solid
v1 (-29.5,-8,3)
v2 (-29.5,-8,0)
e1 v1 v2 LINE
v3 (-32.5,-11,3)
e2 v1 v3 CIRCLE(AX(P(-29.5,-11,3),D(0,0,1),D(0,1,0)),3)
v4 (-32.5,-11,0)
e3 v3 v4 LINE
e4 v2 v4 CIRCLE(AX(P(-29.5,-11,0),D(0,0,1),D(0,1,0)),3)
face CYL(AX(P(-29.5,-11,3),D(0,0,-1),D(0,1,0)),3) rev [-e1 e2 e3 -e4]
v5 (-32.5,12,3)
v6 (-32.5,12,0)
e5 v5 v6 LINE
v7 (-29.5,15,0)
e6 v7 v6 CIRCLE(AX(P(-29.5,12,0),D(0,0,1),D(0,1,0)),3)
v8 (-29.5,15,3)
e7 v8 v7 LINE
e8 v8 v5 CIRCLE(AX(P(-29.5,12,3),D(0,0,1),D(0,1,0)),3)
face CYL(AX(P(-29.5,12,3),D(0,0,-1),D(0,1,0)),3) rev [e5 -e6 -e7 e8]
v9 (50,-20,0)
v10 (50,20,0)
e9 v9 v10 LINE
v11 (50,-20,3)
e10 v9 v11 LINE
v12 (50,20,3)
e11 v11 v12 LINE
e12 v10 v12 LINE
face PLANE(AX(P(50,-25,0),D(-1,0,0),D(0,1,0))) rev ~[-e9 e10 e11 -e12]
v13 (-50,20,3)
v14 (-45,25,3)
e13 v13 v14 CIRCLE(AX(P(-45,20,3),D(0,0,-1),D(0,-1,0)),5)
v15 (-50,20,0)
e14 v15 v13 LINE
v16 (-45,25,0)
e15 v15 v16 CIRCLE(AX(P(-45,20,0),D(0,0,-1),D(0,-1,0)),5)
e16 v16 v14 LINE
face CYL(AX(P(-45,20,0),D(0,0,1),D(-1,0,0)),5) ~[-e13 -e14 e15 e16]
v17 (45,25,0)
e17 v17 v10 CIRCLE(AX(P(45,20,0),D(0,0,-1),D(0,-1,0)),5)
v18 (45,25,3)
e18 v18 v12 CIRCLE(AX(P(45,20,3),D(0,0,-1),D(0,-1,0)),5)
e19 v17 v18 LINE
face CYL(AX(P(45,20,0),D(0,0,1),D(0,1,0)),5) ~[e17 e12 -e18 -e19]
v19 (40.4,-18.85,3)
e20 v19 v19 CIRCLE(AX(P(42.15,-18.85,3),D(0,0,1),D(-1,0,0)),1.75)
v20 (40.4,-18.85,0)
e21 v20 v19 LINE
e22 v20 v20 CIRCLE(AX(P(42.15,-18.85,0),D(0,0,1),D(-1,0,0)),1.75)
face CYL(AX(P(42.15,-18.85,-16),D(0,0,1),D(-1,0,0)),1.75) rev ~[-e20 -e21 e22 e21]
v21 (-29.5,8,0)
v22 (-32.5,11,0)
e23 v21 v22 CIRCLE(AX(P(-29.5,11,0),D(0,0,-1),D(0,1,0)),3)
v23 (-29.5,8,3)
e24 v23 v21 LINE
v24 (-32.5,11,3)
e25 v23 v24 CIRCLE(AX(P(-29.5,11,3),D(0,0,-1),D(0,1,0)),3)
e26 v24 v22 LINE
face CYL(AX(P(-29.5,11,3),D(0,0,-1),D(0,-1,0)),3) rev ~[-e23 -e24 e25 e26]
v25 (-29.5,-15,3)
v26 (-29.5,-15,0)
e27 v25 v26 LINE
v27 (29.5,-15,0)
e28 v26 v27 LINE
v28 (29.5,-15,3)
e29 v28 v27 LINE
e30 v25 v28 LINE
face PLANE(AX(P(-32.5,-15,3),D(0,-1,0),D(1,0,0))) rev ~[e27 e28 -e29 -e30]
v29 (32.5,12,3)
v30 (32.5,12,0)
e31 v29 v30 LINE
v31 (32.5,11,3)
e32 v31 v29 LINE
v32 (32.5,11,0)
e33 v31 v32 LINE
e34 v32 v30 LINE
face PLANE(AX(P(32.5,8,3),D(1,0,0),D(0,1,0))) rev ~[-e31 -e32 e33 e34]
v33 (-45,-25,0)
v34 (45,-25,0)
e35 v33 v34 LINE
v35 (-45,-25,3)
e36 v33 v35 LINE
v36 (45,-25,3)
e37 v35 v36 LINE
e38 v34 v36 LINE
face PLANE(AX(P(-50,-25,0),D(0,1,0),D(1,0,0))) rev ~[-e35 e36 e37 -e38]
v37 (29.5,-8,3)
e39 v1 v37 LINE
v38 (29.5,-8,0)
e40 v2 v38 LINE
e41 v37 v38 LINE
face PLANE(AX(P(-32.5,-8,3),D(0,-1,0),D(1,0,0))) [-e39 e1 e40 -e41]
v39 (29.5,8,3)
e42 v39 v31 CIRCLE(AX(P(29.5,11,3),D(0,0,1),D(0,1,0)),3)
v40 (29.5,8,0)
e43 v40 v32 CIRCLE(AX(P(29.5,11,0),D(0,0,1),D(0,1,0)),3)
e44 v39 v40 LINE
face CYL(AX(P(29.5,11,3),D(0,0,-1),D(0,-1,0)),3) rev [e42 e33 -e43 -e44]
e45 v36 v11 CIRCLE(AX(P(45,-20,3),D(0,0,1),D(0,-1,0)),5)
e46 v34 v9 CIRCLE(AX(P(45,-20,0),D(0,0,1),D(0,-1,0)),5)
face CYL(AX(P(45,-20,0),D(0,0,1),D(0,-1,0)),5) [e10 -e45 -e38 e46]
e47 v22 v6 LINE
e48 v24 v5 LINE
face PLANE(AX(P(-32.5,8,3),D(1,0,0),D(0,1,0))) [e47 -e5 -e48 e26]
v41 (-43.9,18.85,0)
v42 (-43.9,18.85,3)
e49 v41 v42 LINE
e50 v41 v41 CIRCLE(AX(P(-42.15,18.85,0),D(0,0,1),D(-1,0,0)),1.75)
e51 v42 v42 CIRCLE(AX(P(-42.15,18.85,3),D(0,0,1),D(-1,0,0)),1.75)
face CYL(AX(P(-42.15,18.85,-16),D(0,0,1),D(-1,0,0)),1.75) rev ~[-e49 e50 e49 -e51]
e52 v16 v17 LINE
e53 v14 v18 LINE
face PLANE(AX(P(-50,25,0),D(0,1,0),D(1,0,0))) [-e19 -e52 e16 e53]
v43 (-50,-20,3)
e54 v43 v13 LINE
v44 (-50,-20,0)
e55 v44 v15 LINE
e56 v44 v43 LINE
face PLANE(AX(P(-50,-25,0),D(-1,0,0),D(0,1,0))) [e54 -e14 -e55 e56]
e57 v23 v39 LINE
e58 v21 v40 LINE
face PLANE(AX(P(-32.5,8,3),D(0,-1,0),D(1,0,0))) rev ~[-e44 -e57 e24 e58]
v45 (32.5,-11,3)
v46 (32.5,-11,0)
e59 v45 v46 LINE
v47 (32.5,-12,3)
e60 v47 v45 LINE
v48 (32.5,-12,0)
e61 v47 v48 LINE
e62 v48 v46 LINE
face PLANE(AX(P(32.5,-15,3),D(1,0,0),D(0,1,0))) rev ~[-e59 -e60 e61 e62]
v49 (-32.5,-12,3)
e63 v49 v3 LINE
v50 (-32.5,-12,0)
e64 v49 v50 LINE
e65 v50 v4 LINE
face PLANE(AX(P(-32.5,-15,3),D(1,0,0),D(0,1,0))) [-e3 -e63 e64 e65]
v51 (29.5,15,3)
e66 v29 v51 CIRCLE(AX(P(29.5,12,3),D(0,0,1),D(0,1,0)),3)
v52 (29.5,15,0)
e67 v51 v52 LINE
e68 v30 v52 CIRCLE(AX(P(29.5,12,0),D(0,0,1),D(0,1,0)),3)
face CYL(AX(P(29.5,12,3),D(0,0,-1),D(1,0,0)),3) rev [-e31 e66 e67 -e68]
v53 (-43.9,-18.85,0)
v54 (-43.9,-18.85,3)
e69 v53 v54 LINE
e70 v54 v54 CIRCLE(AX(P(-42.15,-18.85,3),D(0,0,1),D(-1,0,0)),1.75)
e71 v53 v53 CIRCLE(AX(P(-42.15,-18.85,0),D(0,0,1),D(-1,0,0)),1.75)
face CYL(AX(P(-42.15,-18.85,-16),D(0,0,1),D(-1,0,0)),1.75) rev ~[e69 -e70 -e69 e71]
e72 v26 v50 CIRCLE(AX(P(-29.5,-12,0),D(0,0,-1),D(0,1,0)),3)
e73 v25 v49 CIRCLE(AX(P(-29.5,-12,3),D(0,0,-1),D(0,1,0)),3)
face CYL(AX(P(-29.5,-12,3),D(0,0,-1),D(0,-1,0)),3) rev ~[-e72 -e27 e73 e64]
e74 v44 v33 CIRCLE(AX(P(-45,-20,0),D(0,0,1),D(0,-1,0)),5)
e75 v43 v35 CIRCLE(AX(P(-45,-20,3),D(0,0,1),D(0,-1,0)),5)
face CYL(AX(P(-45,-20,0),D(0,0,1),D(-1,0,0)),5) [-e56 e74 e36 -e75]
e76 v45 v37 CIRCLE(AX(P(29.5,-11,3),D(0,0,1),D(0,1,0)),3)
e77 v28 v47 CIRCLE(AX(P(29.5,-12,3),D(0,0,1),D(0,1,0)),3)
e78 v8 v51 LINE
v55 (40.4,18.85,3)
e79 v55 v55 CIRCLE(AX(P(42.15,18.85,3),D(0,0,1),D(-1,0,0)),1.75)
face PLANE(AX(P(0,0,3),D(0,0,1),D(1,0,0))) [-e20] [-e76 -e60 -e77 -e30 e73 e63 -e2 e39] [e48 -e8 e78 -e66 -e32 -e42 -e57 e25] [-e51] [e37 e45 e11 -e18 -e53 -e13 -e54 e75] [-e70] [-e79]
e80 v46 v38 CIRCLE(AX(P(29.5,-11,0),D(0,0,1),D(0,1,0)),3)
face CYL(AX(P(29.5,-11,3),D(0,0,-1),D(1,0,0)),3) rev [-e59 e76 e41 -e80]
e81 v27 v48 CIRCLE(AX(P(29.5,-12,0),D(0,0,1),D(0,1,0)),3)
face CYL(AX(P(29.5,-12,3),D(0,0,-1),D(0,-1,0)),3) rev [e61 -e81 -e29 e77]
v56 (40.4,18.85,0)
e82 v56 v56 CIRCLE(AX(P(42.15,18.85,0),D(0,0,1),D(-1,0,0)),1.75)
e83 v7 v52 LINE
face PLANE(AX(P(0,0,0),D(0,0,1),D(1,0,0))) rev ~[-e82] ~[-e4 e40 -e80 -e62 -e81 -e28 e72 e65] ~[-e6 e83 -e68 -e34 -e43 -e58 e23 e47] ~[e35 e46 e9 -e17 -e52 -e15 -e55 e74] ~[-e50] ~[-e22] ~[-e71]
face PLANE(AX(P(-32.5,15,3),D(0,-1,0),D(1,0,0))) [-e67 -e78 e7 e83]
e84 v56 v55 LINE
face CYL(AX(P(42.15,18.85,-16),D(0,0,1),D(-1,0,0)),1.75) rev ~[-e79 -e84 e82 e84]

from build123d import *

# Parameters (mm, degrees)
F0_W     = 100
F0_H     = 50
F1_DEPTH = 3
F2_D     = 3.5
F2_DEPTH = 16
F3_R     = 5
F4_W     = 65
F4_H     = 7
F5_DEPTH = 25
F6_R     = 3


with BuildPart() as f1:
    # F0 (on Top) → F1 (new body)
    with BuildSketch(Plane.XY):
        Rectangle(F0_W, F0_H)
    extrude(amount=F1_DEPTH)

    # F2
    with Locations(Plane(origin=(0, 0, 0), x_dir=(1, 0, 0), z_dir=(0, 0, -1))):
        with Locations((-42.15, 18.85), (-42.15, -18.85), (42.15, 18.85), (42.15, -18.85)):
            Hole(F2_D / 2, depth=F2_DEPTH)

    # F3
    f3_edges = [f1.edges().sort_by_distance(p)[0] for p in [
        (-50, 25, 1.5),
        (-50, -25, 1.5),
        (50, 25, 1.5),
        (50, -25, 1.5),
    ]]
    fillet(f3_edges, radius=F3_R)

    # F4 (on face) → F5 (cut)
    with BuildSketch(Plane.XY.offset(3)):
        with Locations((0, 11.5)):
            Rectangle(F4_W, F4_H)
        with Locations((0, -11.5)):
            Rectangle(F4_W, F4_H)
    extrude(amount=-F5_DEPTH, mode=Mode.SUBTRACT)

    # F6
    f6_edges = [f1.edges().sort_by_distance(p)[0] for p in [
        (-32.5, 15, 1.5),
        (-32.5, 8, 1.5),
        (-32.5, -15, 1.5),
        (32.5, 8, 1.5),
        (32.5, -15, 1.5),
        (32.5, 15, 1.5),
        (32.5, -8, 1.5),
        (-32.5, -8, 1.5),
    ]]
    fillet(f6_edges, radius=F6_R)


solid = f1.part
